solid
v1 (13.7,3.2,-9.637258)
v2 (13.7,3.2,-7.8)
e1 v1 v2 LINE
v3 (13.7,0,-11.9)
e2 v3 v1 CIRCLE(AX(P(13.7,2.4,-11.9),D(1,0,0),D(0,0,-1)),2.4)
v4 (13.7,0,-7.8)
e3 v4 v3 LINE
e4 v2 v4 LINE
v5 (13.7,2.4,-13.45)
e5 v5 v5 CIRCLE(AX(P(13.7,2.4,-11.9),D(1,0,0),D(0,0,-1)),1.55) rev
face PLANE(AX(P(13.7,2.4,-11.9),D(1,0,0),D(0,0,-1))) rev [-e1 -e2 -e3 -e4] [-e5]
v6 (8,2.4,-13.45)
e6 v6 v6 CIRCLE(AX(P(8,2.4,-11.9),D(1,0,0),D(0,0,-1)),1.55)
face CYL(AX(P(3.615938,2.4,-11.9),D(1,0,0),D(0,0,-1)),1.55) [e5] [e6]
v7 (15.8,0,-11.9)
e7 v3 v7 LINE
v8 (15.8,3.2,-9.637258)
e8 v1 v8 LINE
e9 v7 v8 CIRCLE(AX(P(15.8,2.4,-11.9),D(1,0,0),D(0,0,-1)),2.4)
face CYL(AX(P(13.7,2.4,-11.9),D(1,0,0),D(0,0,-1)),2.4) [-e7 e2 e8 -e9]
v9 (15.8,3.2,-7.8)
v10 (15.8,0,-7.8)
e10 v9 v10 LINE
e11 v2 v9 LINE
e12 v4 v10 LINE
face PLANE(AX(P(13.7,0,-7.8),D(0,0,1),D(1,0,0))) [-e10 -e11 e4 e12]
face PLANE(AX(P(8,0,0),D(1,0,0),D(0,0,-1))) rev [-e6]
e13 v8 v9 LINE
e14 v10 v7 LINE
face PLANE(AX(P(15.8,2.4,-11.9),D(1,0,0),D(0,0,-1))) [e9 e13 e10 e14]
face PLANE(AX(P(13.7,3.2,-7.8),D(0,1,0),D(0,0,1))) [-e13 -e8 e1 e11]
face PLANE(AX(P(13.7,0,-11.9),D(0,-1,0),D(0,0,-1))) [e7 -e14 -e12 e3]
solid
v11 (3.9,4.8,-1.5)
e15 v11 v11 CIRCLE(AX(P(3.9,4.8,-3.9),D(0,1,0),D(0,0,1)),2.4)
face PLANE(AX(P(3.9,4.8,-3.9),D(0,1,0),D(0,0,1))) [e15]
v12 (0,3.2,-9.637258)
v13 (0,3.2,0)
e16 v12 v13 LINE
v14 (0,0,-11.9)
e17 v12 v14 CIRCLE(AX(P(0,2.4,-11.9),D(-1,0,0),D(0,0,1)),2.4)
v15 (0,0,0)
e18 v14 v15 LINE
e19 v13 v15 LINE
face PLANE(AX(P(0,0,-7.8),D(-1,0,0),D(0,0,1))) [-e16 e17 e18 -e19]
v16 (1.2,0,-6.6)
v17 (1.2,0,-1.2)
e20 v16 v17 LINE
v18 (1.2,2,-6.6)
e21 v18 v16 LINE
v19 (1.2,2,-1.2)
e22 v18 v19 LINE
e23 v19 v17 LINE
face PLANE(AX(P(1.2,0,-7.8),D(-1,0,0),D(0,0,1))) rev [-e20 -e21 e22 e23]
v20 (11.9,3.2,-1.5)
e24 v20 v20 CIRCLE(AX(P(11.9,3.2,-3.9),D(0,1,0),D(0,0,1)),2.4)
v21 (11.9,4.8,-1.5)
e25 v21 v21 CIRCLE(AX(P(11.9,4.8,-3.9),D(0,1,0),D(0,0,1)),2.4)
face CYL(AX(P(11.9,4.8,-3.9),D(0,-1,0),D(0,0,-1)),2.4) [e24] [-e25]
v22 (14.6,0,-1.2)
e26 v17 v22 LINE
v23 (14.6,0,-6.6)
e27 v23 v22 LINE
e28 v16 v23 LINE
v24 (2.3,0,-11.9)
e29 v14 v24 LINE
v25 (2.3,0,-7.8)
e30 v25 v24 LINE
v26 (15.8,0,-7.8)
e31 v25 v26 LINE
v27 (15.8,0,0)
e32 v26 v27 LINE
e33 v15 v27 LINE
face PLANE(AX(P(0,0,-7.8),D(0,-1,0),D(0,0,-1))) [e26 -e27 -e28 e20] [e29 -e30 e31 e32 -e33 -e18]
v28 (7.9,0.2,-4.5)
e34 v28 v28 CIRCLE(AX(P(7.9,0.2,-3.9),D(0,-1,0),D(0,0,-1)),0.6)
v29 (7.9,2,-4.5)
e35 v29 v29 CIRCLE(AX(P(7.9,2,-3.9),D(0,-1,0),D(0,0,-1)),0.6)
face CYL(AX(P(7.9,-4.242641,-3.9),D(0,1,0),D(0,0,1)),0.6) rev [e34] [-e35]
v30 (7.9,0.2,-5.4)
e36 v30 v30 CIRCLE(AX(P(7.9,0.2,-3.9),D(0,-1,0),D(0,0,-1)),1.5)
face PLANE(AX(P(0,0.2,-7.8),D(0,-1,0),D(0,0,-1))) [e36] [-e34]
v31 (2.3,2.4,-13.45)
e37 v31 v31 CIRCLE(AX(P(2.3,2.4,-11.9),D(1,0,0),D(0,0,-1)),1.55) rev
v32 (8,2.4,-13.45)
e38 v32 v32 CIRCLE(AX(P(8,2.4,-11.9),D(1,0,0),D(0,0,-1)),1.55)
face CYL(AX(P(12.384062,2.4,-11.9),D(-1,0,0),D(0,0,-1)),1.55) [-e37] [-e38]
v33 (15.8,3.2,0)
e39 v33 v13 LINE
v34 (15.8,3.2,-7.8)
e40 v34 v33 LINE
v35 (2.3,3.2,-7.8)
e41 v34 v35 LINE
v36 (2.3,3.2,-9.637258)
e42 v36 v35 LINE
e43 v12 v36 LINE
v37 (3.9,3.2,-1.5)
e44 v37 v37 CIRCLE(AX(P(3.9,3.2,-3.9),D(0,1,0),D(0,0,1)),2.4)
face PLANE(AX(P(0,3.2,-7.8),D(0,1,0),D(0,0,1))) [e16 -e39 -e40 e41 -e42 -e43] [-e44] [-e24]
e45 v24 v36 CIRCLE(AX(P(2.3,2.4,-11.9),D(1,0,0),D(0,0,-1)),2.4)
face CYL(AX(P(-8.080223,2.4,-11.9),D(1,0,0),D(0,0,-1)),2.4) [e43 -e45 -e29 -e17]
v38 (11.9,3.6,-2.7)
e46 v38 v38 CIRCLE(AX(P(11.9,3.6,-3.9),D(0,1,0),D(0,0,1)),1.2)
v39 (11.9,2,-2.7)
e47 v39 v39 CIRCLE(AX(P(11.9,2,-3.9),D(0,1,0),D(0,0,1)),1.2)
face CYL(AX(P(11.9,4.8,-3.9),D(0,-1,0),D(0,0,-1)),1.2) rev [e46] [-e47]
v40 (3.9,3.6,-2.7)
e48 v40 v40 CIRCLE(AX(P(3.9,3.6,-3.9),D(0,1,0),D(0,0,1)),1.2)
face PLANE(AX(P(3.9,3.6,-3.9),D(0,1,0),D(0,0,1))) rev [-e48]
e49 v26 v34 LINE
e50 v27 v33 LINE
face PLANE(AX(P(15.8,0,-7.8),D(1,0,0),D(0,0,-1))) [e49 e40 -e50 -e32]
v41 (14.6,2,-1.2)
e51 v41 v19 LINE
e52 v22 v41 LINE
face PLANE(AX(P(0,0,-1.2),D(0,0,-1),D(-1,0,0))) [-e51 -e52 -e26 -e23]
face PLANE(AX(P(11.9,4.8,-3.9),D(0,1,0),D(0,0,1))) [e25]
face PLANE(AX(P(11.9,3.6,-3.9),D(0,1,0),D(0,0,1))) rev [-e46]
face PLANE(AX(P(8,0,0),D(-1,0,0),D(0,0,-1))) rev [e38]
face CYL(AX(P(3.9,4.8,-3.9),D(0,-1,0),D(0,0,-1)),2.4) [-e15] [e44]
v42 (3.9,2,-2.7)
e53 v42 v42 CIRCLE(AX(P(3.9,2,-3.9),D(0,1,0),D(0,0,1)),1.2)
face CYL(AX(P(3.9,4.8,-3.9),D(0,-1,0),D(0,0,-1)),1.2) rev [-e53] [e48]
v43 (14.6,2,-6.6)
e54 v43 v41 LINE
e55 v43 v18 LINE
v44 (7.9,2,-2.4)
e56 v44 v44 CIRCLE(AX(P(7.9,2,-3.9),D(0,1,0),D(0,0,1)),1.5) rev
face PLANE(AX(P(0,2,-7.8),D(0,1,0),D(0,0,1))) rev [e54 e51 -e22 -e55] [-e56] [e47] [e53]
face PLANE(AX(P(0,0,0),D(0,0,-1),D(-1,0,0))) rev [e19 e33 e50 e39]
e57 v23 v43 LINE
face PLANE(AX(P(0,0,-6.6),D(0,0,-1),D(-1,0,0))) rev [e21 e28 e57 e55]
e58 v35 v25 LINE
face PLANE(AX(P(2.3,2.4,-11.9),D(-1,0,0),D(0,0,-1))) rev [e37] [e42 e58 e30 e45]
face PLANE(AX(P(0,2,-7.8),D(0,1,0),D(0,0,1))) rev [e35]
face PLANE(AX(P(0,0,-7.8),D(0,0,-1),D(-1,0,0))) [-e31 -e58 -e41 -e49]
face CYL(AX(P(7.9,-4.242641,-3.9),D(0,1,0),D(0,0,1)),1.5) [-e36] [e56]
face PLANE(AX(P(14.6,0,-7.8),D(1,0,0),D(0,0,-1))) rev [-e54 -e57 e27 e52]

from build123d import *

# Parameters (mm, degrees)
SKETCH1_W            = 15.8
SKETCH1_H            = 3.2
BOSS_EXTRUDE1_DEPTH  = 7.8
SKETCH2_R            = 2.4
BOSS_EXTRUDE2_DEPTH  = 1.6
LPATTERN1_COUNT      = 2
LPATTERN1_PITCH      = 8
LPATTERN1_COUNT_DIR2 = 4
LPATTERN1_PITCH_DIR2 = 8
SHELL1_T             = -1.2
SKETCH3_R            = 1.5
SKETCH3_R_2          = 0.6
BOSS_EXTRUDE3_DEPTH  = 1.8
BOSS_EXTRUDE4_DEPTH  = 2.1
SKETCH5_R            = 1.55
BOSS_EXTRUDE5_DEPTH  = 5.7
BOSS_EXTRUDE6_DEPTH  = 0.2


with BuildPart() as part:
    # Sketch1 → Boss-Extrude1 (new body)
    with BuildSketch(Plane.XY):
        with Locations((7.9, 1.6)):
            Rectangle(SKETCH1_W, SKETCH1_H)
    extrude(amount=-BOSS_EXTRUDE1_DEPTH)

    # Sketch2 → Boss-Extrude2 (add)
    with BuildSketch(Plane(origin=(0, 3.2, 0), x_dir=(1, 0, 0), z_dir=(0, 1, 0))):
        with Locations(Location((3.9, 3.9, 0), (0, 0, 270))):
            Circle(SKETCH2_R)
    boss_extrude2 = extrude(amount=BOSS_EXTRUDE2_DEPTH)

    # LPattern1: Boss-Extrude2 2 × 4, 6 skipped
    with Locations(*[(j * LPATTERN1_PITCH_DIR2, 0, i * LPATTERN1_PITCH) for i in range(LPATTERN1_COUNT) for j in range(LPATTERN1_COUNT_DIR2) if (i, j) not in ((0, 0), (0, 2), (0, 3), (1, 0), (1, 1), (1, 2), (1, 3))]):
        add(boss_extrude2)

    # Shell1
    shell1_openings = [part.faces().sort_by_distance(p)[0] for p in [
        (7.9, 0, -3.9),
    ]]
    offset(amount=SHELL1_T, openings=shell1_openings, kind=Kind.INTERSECTION)

    # Sketch3 → Boss-Extrude3 (add)
    with BuildSketch(Plane.XZ.offset(-2)):
        with Locations(Location((7.9, -3.9, 0), (0, 0, 90))):
            Circle(SKETCH3_R)
        with Locations(Location((7.9, -3.9, 0), (0, 0, 270))):
            Circle(SKETCH3_R_2, mode=Mode.SUBTRACT)
    extrude(amount=BOSS_EXTRUDE3_DEPTH)



with BuildPart() as body_2:
    # Sketch4 → Boss-Extrude4 (new body)
    with BuildSketch(Plane(origin=(15.8, 0, 0), x_dir=(0, 0, -1), z_dir=(1, 0, 0))):
        with BuildLine():
            Line((7.8, 3.2), (9.6372583, 3.2))
            ThreePointArc((9.6372583, 3.2), (13.859591794, 3.785640646), (11.9, 0))
            Line((11.9, 0), (7.8, 0))
            Line((7.8, 0), (7.8, 3.2))
        make_face()
    extrude(amount=-BOSS_EXTRUDE4_DEPTH)

    # Sketch5 → Boss-Extrude5 (add)
    with BuildSketch(Plane.ZY.offset(-13.7)):
        with Locations(Location((-11.9, 2.4, 0), (0, 0, 180))):
            Circle(SKETCH5_R)
    extrude(amount=BOSS_EXTRUDE5_DEPTH)


with BuildPart() as body_3:
    # Mirror2: mirrored copy
    add(body_2.part.mirror(Plane(origin=(8, 0, 0), x_dir=(0, 0, 1), z_dir=(1, 0, 0))))


with BuildPart() as part_1:
    add(part.part)

    add(body_3.part)  # Boss-Extrude6 merges body 3
    # Sketch6 → Boss-Extrude6 (add)
    with BuildSketch(Plane.ZY.offset(-0.2)):
        with BuildLine():
            Line((-7.8, 0), (-7.8, 3.2))
            Line((-7.8, 3.2), (-9.6372583, 3.2))
            ThreePointArc((-9.6372583, 3.2), (-13.859591794, 3.785640646), (-11.9, 0))
            Line((-11.9, 0), (-7.8, 0))
        make_face()
    extrude(amount=BOSS_EXTRUDE6_DEPTH)


solid = Compound([body_2.part, part_1.part])
